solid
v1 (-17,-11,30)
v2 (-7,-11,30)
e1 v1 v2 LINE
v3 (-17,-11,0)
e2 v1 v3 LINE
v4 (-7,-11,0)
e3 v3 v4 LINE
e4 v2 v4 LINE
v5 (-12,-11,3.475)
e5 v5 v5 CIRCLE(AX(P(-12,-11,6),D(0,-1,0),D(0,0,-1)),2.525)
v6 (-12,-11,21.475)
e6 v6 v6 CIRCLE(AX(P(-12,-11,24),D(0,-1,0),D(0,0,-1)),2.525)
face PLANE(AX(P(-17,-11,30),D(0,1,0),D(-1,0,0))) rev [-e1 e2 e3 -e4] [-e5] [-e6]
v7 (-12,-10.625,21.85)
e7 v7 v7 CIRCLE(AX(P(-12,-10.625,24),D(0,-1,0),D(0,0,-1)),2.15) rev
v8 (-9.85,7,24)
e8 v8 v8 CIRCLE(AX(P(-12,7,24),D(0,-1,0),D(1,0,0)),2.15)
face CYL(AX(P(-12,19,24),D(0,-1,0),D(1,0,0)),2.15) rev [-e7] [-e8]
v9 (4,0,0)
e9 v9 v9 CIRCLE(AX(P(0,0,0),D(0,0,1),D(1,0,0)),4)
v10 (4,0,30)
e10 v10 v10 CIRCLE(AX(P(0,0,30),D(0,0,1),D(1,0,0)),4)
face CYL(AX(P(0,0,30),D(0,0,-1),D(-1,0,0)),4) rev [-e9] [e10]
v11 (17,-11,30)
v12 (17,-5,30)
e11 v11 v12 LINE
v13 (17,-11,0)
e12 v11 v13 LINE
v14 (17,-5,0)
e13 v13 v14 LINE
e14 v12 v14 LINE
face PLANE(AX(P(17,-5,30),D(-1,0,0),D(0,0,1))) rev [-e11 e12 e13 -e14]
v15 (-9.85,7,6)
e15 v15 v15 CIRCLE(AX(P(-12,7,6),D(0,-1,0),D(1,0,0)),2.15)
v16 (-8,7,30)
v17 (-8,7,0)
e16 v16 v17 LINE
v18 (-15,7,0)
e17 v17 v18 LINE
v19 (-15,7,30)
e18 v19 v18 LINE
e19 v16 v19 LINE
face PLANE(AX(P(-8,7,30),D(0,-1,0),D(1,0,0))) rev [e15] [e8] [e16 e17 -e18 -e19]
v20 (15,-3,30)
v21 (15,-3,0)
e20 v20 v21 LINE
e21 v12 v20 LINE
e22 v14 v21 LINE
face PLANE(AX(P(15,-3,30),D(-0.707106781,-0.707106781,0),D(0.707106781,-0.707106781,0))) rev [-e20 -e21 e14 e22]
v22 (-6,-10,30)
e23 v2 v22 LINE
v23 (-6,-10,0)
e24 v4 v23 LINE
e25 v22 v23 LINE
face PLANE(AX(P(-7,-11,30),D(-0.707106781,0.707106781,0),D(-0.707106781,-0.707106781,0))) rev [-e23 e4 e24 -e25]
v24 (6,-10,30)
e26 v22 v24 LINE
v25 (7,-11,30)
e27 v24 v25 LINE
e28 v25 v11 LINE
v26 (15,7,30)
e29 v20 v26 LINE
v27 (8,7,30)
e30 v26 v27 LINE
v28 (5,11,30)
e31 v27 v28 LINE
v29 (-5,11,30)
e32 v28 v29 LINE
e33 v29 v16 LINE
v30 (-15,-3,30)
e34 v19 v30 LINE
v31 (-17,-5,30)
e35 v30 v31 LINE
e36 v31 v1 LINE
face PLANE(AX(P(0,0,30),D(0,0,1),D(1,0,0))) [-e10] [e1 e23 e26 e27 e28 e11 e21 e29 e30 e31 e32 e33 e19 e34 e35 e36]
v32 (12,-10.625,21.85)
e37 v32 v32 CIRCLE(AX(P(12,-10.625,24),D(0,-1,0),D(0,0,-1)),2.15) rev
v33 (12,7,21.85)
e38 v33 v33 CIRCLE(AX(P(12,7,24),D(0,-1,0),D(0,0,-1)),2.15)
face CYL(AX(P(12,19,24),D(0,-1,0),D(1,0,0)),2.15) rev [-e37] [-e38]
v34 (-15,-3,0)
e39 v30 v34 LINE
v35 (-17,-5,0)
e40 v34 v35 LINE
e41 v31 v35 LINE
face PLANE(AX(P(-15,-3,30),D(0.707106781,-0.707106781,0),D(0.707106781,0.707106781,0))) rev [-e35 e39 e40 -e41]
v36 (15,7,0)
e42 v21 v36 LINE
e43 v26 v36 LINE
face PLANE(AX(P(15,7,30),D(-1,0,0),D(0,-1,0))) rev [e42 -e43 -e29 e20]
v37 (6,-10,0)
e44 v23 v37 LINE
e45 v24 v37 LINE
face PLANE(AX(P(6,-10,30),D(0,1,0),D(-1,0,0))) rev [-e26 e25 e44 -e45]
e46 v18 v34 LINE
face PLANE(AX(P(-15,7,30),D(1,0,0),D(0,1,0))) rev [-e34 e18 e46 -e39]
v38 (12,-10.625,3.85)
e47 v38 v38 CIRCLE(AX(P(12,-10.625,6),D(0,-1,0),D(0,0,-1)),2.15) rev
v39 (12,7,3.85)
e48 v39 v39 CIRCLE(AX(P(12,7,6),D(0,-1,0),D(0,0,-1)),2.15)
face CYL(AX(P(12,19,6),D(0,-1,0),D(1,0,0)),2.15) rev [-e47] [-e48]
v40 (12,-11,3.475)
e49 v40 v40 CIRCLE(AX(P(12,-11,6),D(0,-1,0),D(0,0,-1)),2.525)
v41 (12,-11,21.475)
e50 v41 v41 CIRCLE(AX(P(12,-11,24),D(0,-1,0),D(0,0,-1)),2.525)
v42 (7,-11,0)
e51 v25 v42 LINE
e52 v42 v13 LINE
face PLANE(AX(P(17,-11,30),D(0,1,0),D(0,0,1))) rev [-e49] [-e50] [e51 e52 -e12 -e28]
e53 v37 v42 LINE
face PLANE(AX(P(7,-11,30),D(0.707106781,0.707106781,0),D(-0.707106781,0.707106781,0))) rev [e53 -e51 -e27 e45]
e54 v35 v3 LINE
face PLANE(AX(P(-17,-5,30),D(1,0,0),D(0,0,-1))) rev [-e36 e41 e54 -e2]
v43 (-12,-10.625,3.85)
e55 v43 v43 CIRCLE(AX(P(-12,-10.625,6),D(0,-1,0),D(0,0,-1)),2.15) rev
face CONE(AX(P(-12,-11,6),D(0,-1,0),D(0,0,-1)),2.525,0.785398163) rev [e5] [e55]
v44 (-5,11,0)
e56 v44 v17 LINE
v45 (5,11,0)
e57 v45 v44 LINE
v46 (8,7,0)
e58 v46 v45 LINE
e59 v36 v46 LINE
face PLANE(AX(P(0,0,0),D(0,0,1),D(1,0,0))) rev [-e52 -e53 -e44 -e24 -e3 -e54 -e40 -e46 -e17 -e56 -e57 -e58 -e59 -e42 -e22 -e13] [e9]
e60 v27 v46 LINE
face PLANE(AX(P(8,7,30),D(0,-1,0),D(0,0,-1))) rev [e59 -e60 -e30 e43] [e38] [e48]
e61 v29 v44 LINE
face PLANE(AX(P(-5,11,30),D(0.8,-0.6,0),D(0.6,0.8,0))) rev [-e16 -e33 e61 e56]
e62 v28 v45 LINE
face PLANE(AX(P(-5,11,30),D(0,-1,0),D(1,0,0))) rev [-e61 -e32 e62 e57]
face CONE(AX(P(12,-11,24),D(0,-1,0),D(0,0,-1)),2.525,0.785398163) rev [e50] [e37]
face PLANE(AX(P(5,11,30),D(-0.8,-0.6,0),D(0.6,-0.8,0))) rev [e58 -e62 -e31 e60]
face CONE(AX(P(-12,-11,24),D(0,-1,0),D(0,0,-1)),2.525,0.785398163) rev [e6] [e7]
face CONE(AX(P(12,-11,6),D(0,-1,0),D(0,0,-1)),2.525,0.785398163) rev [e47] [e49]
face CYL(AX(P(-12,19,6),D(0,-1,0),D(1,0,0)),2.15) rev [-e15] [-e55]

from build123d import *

# Parameters (mm, degrees)
SKETCH_1_R                   = 4
EXTRUDE_1_DEPTH              = 30
HOLE_WIZARD_M5_1_D           = 4.2
HOLE_WIZARD_M5_1_DEPTH       = 18
HOLE_WIZARD_M5_1_CSINK_D     = 5.05
HOLE_WIZARD_M5_1_CSINK_ANGLE = 90
HOLE_WIZARD_M5_1_TIP         = 1.2618073
SKETCH_4_R                   = 2.15
CUT_EXTRUDE_1_DEPTH          = 30


with BuildPart() as part:
    # 草图1 → 凸台-拉伸1 (new body)
    with BuildSketch(Plane.XY):
        Polygon((-5, 11), (5, 11), (8, 7), (15, 7), (15, -3), (17, -5), (17, -11), (7, -11), (6, -10), (-6, -10), (-7, -11), (-17, -11), (-17, -5), (-15, -3), (-15, 7), (-8, 7), align=None)
        Circle(SKETCH_1_R, mode=Mode.SUBTRACT)
    extrude(amount=EXTRUDE_1_DEPTH)

    # M5 螺纹孔1
    with Locations(Plane(origin=(0, -11, 0), x_dir=(-1, 0, 0), z_dir=(0, -1, 0))):
        with Locations((12, -24), (12, -6), (-12, -24), (-12, -6)):
            CounterSinkHole(HOLE_WIZARD_M5_1_D / 2, HOLE_WIZARD_M5_1_CSINK_D / 2, depth=HOLE_WIZARD_M5_1_DEPTH, counter_sink_angle=HOLE_WIZARD_M5_1_CSINK_ANGLE)
            with Locations((0, 0, -(HOLE_WIZARD_M5_1_DEPTH + HOLE_WIZARD_M5_1_TIP / 2))):  # 118° drill point
                Cone(0, HOLE_WIZARD_M5_1_D / 2, HOLE_WIZARD_M5_1_TIP, mode=Mode.SUBTRACT)

    # 草图4 → 切除-拉伸1 (cut)
    with BuildSketch(Plane.XZ.offset(11)):
        with Locations((-12, 24)):
            Circle(SKETCH_4_R)
        with Locations(Location((12, 24, 0), (0, 0, 270))):
            Circle(SKETCH_4_R)
        with Locations(Location((12, 6, 0), (0, 0, 270))):
            Circle(SKETCH_4_R)
        with Locations((-12, 6)):
            Circle(SKETCH_4_R)
    extrude(amount=-CUT_EXTRUDE_1_DEPTH, mode=Mode.SUBTRACT)


solid = part.part
